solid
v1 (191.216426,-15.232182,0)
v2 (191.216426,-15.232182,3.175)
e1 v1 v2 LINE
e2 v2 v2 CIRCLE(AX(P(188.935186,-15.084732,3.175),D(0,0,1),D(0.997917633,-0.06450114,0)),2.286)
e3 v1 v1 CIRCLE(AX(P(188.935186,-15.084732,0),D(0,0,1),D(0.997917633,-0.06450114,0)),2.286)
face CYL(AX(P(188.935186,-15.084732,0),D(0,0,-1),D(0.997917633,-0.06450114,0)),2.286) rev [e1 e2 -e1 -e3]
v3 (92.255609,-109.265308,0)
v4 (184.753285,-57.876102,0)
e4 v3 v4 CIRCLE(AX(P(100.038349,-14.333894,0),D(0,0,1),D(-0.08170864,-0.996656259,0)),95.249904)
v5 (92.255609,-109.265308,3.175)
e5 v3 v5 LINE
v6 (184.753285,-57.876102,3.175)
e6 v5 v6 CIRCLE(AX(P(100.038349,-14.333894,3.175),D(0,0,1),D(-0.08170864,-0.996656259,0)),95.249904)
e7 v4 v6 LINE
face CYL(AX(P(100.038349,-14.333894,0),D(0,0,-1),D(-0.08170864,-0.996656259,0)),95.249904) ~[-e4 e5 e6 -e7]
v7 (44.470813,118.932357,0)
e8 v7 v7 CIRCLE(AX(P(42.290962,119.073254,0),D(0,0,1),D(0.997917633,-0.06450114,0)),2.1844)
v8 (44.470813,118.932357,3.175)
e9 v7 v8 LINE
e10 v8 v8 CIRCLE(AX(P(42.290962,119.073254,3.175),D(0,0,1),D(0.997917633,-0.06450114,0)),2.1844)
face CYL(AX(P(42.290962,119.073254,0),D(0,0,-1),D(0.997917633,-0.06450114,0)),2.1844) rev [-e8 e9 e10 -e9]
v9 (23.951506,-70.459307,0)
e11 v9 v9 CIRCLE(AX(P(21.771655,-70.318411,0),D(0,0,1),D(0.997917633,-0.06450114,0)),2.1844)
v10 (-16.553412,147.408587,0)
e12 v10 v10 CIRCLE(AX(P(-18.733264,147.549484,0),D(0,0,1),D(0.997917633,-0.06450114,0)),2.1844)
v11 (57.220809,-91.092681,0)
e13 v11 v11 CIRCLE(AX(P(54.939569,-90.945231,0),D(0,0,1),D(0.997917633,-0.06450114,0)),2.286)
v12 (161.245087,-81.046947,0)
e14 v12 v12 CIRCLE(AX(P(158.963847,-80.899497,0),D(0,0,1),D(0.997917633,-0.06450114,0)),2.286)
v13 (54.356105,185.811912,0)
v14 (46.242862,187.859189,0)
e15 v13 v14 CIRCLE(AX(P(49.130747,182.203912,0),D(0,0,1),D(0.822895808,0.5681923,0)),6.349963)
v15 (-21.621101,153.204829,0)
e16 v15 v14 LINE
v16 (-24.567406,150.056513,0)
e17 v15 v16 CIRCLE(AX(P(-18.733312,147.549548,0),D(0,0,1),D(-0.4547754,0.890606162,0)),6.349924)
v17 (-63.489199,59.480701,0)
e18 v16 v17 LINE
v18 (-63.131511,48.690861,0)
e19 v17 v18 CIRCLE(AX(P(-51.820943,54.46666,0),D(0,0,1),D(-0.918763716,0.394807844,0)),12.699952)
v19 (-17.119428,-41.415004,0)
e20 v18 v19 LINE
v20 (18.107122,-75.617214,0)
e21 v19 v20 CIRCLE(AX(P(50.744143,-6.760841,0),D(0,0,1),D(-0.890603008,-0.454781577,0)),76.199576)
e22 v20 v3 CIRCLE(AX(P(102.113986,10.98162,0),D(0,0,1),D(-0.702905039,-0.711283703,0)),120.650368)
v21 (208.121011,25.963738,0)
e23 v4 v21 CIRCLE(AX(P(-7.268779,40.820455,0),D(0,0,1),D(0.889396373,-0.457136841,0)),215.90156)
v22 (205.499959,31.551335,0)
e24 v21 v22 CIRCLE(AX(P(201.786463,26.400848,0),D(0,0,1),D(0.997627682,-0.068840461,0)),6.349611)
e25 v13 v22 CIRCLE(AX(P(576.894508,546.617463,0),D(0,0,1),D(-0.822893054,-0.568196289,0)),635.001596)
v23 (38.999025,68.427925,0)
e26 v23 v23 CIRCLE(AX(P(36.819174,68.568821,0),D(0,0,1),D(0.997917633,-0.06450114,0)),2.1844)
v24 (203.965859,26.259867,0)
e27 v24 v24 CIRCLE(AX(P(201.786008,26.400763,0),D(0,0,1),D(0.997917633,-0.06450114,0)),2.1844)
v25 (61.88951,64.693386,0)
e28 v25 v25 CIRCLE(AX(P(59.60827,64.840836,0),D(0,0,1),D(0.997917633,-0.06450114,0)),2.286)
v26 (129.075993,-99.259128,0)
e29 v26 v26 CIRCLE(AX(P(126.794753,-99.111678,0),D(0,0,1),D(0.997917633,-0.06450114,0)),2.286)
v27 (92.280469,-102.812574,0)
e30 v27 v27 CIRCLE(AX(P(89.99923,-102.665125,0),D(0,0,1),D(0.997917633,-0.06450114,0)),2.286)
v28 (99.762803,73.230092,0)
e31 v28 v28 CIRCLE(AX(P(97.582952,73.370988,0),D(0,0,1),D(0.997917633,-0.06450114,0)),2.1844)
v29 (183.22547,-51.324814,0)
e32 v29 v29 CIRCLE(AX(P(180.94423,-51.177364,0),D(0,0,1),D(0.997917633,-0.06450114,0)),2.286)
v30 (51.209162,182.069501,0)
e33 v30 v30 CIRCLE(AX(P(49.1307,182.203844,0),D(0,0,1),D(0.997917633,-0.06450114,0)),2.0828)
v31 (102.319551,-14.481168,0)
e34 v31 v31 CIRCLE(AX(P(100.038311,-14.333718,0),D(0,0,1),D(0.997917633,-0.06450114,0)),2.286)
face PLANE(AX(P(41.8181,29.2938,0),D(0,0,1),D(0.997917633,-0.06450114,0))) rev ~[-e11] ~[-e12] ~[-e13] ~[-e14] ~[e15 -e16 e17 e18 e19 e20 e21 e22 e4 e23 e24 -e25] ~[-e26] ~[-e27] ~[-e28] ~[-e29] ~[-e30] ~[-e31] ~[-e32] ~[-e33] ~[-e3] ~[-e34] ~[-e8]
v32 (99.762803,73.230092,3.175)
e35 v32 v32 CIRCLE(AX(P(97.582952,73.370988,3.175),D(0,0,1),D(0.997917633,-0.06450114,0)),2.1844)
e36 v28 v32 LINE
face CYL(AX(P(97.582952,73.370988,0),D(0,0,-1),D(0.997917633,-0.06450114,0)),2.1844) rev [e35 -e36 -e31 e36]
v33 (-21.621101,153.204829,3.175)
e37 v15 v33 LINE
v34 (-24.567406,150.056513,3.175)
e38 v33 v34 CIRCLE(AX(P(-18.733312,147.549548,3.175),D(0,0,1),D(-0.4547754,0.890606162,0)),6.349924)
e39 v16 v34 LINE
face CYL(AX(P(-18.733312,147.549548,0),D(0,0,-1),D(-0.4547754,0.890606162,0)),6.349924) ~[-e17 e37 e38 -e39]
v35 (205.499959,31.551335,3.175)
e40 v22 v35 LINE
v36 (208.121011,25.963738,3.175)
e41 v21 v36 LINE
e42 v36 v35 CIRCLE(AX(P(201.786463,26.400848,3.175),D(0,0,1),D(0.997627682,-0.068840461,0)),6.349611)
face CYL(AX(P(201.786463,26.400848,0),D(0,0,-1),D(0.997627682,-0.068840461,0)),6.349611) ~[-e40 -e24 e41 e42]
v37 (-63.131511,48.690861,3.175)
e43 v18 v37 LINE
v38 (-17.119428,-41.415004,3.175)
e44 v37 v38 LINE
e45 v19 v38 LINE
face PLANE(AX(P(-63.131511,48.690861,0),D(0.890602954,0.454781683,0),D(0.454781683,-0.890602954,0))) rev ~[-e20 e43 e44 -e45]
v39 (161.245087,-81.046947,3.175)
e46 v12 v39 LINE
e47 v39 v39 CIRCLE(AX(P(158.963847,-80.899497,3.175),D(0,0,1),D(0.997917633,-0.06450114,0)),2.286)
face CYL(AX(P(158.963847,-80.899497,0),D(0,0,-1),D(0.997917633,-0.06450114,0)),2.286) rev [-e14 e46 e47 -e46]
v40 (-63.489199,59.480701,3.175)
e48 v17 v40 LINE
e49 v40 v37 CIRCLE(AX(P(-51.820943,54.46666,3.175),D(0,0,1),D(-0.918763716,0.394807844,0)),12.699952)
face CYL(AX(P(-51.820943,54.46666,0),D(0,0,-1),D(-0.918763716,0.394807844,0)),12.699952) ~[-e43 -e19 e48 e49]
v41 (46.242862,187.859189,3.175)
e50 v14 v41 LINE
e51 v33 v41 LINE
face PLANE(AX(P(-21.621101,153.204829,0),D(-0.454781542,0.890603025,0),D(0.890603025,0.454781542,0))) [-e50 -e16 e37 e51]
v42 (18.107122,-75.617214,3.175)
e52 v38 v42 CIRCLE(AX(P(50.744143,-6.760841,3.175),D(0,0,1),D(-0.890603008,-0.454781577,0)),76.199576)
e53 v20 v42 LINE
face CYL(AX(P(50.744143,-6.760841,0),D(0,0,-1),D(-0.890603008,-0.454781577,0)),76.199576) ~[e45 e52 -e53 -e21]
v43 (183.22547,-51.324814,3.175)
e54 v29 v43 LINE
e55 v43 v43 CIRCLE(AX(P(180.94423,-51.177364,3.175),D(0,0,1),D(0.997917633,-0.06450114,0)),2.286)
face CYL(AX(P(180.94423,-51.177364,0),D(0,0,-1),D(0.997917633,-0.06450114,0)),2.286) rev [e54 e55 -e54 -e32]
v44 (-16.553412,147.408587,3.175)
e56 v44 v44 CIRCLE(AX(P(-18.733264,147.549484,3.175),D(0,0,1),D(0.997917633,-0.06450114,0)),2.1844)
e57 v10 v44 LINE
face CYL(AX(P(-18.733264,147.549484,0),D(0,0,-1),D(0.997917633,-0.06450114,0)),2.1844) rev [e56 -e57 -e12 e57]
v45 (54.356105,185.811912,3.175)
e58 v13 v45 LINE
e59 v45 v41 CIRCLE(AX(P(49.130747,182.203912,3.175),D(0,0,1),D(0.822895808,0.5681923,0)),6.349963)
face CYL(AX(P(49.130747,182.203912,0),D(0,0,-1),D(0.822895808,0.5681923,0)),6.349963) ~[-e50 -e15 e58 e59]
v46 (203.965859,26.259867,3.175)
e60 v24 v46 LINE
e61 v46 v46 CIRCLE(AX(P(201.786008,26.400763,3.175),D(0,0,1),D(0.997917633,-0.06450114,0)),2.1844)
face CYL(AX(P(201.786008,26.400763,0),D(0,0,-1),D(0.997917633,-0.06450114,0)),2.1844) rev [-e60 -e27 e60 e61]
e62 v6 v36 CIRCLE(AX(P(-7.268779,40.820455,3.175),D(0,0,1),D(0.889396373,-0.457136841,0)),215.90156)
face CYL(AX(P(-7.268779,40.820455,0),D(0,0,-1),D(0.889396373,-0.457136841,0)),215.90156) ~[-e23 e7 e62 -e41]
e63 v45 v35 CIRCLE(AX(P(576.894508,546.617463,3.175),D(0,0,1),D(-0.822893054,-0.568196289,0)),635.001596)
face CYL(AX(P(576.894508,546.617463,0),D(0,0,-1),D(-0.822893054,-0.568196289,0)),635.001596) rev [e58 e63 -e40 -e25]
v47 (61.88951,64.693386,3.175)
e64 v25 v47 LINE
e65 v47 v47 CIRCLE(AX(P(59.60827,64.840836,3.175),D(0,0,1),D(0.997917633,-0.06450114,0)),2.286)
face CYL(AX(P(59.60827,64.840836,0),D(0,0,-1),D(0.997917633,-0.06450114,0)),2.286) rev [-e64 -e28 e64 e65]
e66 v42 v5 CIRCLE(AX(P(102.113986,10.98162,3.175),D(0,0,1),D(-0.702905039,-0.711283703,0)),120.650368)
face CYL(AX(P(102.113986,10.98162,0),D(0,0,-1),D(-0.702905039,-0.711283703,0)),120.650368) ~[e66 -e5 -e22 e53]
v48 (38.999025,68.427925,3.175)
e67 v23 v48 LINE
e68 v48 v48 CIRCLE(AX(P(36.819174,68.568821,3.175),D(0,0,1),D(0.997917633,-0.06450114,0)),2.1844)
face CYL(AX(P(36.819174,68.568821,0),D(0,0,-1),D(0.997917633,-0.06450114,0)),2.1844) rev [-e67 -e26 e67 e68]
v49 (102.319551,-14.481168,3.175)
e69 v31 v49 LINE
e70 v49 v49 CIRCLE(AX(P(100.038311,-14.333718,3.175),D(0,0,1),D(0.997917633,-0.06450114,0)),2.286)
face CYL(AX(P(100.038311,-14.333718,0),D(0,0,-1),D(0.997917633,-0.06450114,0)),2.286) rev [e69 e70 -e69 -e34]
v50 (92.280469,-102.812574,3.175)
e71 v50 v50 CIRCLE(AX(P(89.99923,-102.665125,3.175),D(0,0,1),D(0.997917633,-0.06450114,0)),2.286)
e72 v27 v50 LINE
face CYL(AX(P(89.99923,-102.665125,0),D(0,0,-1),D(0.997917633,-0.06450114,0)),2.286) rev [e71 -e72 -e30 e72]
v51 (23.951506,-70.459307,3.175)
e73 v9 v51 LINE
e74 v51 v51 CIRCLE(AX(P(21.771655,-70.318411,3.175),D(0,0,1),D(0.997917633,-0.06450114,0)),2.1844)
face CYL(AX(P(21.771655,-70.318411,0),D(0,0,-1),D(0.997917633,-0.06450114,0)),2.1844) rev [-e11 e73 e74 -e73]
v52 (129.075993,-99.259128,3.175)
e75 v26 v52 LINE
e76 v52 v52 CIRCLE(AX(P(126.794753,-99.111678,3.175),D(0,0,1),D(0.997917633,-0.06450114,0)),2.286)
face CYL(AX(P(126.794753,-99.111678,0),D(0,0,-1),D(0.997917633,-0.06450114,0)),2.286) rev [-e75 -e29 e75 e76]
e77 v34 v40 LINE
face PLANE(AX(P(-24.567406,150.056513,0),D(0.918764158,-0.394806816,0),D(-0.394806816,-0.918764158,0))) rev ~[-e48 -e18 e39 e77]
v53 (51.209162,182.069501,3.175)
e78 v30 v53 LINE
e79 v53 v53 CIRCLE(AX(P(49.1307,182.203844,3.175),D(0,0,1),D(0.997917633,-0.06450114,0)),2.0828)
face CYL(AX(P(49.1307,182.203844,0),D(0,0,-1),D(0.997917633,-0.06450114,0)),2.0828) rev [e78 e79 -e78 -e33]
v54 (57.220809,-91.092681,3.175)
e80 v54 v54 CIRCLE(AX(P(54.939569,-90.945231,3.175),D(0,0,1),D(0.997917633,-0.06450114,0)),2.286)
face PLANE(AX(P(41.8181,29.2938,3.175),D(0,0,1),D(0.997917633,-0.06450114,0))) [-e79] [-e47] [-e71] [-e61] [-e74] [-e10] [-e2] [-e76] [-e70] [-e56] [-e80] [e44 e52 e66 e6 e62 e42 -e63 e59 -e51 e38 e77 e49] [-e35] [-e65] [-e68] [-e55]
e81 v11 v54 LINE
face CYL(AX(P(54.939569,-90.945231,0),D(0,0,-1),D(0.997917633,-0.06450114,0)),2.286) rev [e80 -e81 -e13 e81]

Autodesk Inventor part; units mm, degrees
ref_plane "YZ Plane" through (0, 0, 0) normal (1, 0, 0) x (0, 1, 0)
ref_plane "XZ Plane" through (0, 0, 0) normal (0, 1, 0) x (-1, 0, 0)
ref_plane "Work Plane1" through (41.8181, 29.2938, 0) normal (0, 0, 1) x (0.9979, -0.0645, 0)
sketch "Sketch1" plane through (41.8181, 29.2938, 0) normal (0, 0, 1) x (0.9979, -0.0645, 0)
  circle A0 centre (-2.5655, 153.0633) radius 2.0828 projected
  circle A1 centre (-5.319, 89.623) radius 2.1844 projected
  circle A2 centre (-7.5218, 38.8708) radius 2.1844 projected
  circle A3 centre (52.8057, 47.5823) radius 2.1844 projected
  circle A4 centre (-13.5796, -100.6978) radius 2.1844 projected
  circle A5 centre (159.8214, 7.4311) radius 2.1844 projected
  circle A6 centre (-68.0529, 114.1038) radius 2.1844 projected
  arc A7 (-71.2995, 119.5611) -> (-74.0366, 116.2293) centre (-68.0529, 114.1038) ccw
  arc A8 (2.4163, 157.0009) -> (-5.8121, 158.5206) centre (-2.5655, 153.0633) ccw
  arc A9 (161.5237, 1.3135) -> (166.1714, 7.4036) centre (159.8214, 7.4311) ccw construction
  circle A10 centre (52.8057, 47.5823) radius 6.35 construction
  circle A11 centre (-5.319, 89.623) radius 6.35 construction
  circle A12 centre (-7.5218, 38.8708) radius 6.35 construction
  arc A13 (-15.8353, -106.6336) -> (-17.7424, -105.4929) centre (-13.5796, -100.6978) ccw
  line L0 (-71.2995, 119.5611) -> (-5.8121, 158.5206)
  arc A14 (2.4163, 157.0009) -> (163.1954, 12.8105) centre (500.593, 550.7583) ccw
  circle A15 centre (60.913, -39.7814) radius 2.286
  line L1 (-89.9787, 77.2357) -> (7.9234, -87.3286) construction
  line L2 (-83.2674, -13.1743) -> (-114.6948, 39.6521) construction
  arc A16 (161.5237, 1.3135) -> (142.8052, -4.455) centre (256.8502, -341.2711) ccw construction
  arc A17 (-4.6262, -100.2702) -> (-8.8352, -104.9184) centre (256.8502, -341.2711) ccw construction
  arc A18 (4.3909, -99.9458) -> (-4.6262, -100.2702) centre (0.043, -104.5738) ccw construction
  arc A19 (142.8052, -4.455) -> (138.8468, -12.5633) centre (144.8417, -10.4696) ccw construction
  line L3 (-5.7234, -191.6454) -> (22.9273, -174.6006) construction
  arc A20 (4.3909, -99.9458) -> (23.7114, -113.4736) centre (60.913, -39.7814) ccw construction
  line L4 (256.8502, -341.2711) -> (60.913, -39.7814) construction
  line L5 (22.9273, -174.6006) -> (113.5094, -120.7118) construction
  arc A21 (20.8497, -119.1423) -> (149.705, -35.3997) centre (60.913, -39.7814) ccw construction
  arc A22 (17.9881, -124.8109) -> (59.2697, -135.0173) centre (60.913, -39.7814) ccw construction
  arc A23 (24.2841, -113.8012) -> (17.9881, -124.8109) centre (20.8497, -119.1423) ccw construction
  arc A24 (156.0473, -35.0867) -> (143.6088, -37.1771) centre (149.705, -35.3997) ccw construction
  arc A25 (23.7114, -113.4736) -> (143.3627, -35.7126) centre (60.913, -39.7814) ccw construction
  arc A26 (143.3627, -35.7126) -> (138.8468, -12.5633) centre (60.913, -39.7814) ccw construction
  arc A27 (148.2601, -77.7689) -> (166.1714, 7.4036) centre (-49.7266, 8.336) ccw
  arc A28 (148.2601, -77.7689) -> (156.0473, -35.0867) centre (60.913, -39.7814) ccw construction
  arc A29 (166.1714, 7.4036) -> (163.1954, 12.8105) centre (159.8214, 7.4311) ccw
  arc A30 (-17.7424, -105.4929) -> (59.2697, -135.0173) centre (61.3513, -14.3852) ccw
  arc A31 (59.2697, -135.0173) -> (148.2601, -77.7689) centre (60.913, -39.7814) ccw
  arc A32 (-17.7424, -105.4929) -> (-8.8352, -104.9184) centre (-13.5796, -100.6978) ccw construction
  circle A33 centre (20.8497, -119.1423) radius 2.286
  circle A34 centre (56.5923, -128.5764) radius 2.286
  circle A35 centre (93.082, -122.657) radius 2.286
  circle A36 centre (124.0094, -102.4078) radius 2.286
  circle A37 centre (144.0269, -71.3298) radius 2.286
  circle A38 centre (149.6732, -34.7969) radius 2.286
  line L6 (-74.0366, 116.2293) -> (-107.0351, 23.3316)
  line L7 (-105.9822, 12.5873) -> (-54.254, -74.3631)
  arc A39 (-54.254, -74.3631) -> (-15.8353, -106.6336) centre (11.2334, -35.4035) ccw
  line L8 (-89.9787, 77.2357) -> (-91.0414, 74.2438) projected
  arc A40 (-107.0351, 23.3316) -> (-105.9822, 12.5873) centre (-95.0676, 19.0806) ccw
  circle A41 centre (15.4603, 36.6205) radius 2.286
  point P0 (-39.8403, -31.9316)
  point P1 (105.8968, -108.9982)
  point P2 (-109.0311, 17.7123)
  point P3 (-16.8948, -106.2219)
  dimension "d0" = 12.7
  dimension "d3" = 635
  dimension "d6" = 4.572
  dimension "d10" = 355.6
  dimension "d11" = 355.6
  dimension "d12" = 6.35
  dimension "d13" = 69.85
  dimension "d14" = 165.1
  dimension "d15" = 13.97
  dimension "d17" = 6.35
  dimension "d18" = 25.4
  dimension "d19" = 25.4
  dimension "d21" = 215.9
  dimension "d22" = 120.65
  dimension "d23" = 4.572
  dimension "d26" = 120
  dimension "d28" = 6.35
  dimension "d29" = 76.2
  dimension "d30" = 12.7
  dimension "d31" = 4.572
  dimension "d32" = 69.85
  dimension "d33" = 88.9
extrude "Extrusion1" add sketch "Sketch1" along normal blind 3.175 contours A30 A13 A39 | L0 A8 A14 A29 A27 A31 A30 A39 L7 A40 L6 A7
properties part number "PolyIntakeSides" material "Polycarbonate, Smoke"
